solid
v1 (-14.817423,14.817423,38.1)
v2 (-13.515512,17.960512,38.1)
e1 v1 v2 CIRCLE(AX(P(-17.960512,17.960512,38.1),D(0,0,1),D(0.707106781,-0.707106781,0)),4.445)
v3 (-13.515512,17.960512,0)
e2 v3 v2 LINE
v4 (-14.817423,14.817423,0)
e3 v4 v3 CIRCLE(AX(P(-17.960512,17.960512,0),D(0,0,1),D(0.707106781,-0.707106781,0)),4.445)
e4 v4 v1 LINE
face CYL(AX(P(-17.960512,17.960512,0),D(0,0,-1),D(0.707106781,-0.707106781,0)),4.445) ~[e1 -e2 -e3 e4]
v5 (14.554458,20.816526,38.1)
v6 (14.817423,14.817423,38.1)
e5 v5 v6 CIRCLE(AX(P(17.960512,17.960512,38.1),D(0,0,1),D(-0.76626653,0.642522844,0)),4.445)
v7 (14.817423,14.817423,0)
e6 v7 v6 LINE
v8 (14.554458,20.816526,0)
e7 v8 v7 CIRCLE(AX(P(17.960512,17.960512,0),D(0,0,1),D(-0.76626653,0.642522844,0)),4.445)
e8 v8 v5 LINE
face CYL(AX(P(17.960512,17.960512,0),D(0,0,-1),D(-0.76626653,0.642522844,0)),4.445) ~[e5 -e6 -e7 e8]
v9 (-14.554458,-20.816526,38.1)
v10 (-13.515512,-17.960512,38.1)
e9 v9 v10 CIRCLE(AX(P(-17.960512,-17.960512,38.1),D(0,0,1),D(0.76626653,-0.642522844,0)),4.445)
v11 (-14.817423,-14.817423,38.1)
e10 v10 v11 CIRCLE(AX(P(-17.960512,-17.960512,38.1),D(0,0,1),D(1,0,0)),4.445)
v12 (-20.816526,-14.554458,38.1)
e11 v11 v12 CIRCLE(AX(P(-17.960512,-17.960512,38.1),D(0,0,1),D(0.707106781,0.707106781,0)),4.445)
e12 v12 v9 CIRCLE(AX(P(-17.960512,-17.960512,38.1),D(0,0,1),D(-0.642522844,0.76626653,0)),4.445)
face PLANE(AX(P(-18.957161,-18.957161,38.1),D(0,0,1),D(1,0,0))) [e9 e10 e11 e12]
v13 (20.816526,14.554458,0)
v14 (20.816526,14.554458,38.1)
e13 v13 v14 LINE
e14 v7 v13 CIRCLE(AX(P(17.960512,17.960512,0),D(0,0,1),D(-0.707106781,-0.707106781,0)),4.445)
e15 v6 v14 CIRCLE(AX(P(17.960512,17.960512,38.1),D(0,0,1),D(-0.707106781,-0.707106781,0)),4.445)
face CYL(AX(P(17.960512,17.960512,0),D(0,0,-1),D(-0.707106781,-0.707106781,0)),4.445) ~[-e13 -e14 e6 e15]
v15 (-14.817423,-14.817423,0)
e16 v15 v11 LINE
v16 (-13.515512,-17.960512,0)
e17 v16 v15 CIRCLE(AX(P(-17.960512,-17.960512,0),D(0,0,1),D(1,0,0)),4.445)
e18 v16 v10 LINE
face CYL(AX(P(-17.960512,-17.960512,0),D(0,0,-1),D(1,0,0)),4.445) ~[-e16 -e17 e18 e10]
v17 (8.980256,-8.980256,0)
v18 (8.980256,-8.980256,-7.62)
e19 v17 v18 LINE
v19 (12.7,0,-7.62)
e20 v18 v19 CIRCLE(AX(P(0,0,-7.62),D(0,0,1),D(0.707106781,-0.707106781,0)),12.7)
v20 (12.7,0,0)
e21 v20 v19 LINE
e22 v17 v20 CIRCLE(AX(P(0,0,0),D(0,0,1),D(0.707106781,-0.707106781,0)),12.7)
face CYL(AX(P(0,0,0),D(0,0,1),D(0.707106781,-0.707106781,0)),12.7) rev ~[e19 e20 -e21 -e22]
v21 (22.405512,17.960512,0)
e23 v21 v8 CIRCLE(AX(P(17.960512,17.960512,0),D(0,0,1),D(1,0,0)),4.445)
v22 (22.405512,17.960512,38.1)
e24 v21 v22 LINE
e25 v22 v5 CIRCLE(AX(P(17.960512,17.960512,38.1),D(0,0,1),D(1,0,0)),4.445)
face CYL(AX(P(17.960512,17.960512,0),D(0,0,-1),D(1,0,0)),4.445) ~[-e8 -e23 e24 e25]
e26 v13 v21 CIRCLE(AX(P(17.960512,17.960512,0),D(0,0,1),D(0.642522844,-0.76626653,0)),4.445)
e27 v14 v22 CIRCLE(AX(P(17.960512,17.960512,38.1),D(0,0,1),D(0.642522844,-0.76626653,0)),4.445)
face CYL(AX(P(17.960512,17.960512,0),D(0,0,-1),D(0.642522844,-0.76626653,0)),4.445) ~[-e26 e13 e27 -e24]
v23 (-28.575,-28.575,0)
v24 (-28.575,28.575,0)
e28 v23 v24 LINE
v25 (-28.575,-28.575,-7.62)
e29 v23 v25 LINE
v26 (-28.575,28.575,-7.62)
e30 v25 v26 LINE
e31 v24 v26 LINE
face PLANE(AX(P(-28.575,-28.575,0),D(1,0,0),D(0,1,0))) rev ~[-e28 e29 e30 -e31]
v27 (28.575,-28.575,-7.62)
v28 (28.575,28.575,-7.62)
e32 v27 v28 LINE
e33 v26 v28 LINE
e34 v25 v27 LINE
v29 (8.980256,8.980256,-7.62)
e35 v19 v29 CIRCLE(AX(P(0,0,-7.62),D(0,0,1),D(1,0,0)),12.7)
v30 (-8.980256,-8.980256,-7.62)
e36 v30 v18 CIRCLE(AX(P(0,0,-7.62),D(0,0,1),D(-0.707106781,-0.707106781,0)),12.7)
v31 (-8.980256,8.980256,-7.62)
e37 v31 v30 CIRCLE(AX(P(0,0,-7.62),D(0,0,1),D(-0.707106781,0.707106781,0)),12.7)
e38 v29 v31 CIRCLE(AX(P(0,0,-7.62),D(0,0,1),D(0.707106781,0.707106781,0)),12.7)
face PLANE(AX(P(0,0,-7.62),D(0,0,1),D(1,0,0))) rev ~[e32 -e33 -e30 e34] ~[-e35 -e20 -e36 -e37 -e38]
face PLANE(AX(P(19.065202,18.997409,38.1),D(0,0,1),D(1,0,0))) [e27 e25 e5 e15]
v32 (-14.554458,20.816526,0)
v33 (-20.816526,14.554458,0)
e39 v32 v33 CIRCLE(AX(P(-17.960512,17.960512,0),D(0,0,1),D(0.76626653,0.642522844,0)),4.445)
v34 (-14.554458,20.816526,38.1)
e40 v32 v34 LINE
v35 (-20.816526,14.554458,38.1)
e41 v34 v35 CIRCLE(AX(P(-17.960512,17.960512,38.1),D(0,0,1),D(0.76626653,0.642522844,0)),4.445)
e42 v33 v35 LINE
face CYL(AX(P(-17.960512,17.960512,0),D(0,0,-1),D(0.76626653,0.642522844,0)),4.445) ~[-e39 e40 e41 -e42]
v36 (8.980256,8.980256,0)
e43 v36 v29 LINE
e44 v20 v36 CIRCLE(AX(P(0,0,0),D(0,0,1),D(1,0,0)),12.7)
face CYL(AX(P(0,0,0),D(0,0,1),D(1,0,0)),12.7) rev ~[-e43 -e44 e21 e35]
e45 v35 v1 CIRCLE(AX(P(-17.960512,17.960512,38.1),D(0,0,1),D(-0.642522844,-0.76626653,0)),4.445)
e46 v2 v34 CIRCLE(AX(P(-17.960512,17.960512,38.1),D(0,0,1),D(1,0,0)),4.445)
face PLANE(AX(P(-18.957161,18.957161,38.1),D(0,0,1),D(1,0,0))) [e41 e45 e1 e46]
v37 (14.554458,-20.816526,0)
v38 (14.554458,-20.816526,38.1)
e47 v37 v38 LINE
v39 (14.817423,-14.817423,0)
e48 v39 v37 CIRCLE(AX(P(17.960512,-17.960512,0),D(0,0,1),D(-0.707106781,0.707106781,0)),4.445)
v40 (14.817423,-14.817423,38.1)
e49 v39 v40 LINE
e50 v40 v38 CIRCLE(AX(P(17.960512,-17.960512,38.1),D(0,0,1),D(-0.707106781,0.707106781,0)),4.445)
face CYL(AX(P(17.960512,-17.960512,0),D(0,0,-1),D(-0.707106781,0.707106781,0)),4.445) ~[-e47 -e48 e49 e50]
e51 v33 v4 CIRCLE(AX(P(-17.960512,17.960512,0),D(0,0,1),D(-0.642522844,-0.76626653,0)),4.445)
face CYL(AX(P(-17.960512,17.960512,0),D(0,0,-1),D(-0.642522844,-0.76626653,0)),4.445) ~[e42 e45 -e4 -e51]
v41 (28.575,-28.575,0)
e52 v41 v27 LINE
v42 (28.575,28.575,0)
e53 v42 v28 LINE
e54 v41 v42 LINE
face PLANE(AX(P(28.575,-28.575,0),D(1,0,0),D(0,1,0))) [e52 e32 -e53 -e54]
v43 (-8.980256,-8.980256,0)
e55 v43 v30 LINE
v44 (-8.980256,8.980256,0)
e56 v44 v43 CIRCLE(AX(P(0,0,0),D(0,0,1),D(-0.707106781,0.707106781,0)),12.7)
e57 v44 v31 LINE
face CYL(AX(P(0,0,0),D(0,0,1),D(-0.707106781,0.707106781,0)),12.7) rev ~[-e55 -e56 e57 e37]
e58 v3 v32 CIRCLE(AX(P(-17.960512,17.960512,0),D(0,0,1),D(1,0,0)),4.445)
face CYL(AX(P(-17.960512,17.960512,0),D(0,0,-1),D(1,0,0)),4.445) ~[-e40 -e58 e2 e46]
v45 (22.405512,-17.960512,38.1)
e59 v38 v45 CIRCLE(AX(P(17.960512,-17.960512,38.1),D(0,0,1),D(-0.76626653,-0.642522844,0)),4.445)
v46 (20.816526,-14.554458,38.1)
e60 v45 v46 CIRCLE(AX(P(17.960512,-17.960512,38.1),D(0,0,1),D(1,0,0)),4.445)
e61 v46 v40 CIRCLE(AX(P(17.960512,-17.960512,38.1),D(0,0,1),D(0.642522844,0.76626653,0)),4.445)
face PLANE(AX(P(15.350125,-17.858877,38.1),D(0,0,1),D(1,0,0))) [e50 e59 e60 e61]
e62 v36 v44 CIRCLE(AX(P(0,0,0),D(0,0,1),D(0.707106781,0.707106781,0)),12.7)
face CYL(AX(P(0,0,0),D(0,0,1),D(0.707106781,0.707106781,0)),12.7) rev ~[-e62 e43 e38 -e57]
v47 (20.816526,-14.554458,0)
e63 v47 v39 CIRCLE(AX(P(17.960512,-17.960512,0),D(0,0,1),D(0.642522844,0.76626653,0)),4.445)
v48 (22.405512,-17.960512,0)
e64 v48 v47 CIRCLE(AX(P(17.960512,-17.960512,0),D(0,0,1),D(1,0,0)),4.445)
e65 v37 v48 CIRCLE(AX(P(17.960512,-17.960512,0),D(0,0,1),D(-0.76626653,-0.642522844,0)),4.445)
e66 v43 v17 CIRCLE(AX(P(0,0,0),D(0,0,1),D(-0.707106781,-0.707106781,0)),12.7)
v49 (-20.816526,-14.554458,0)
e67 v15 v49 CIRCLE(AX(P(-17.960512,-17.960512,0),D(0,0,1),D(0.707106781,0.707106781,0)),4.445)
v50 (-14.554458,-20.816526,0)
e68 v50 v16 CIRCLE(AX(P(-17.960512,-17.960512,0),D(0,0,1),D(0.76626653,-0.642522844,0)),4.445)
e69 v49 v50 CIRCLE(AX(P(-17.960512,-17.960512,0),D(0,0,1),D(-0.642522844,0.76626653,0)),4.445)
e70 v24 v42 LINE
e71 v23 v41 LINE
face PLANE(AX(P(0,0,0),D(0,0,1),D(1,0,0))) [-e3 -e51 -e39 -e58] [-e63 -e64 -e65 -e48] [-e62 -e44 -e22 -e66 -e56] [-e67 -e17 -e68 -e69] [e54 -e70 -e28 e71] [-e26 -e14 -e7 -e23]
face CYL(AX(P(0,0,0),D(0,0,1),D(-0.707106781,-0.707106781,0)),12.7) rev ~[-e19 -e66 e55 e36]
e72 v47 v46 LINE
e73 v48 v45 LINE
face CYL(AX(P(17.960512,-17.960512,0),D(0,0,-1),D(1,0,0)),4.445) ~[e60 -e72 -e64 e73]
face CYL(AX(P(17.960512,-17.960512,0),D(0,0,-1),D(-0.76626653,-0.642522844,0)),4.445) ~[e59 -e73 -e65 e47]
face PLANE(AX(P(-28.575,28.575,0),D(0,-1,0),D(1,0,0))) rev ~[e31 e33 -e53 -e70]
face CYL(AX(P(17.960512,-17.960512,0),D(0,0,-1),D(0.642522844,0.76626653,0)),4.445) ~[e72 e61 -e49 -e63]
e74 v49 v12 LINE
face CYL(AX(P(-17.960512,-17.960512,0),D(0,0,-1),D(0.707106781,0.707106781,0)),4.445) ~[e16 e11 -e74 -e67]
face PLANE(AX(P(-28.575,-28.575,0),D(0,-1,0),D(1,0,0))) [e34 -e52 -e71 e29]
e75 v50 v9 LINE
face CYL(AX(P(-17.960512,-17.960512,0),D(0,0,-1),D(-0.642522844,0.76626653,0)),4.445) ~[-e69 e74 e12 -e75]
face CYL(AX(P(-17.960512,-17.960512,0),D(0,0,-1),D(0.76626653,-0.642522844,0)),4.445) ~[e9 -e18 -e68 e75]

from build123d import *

# Parameters (mm, degrees)
F0_W     = 57.15
F0_H     = 57.15
F1_DEPTH = 7.62
F2_DEPTH = 7.62
F3_DEPTH = 38.1


with BuildPart() as f1:
    # F0 (on Top) → F1 (new body)
    with BuildSketch(Plane.XY):
        Rectangle(F0_W, F0_H)
        with BuildLine():
            ThreePointArc((20.8165262819, 14.5544575149), (24.2270485982, 7.6295554405), (25.4, 0))
            ThreePointArc((25.4, 0), (24.2270485982, -7.6295554405), (20.8165262819, -14.5544575149))
            ThreePointArc((20.8165262819, -14.5544575149), (21.9887257051, -16.0812780107), (22.4055122421, -17.9605122421))
            ThreePointArc((22.4055122421, -17.9605122421), (19.4800700294, -22.1377085664), (14.5544575149, -20.8165262819))
            ThreePointArc((14.5544575149, -20.8165262819), (0, -25.4), (-14.5544575149, -20.8165262819))
            ThreePointArc((-14.5544575149, -20.8165262819), (-21.1036018845, -21.1036018845), (-20.8165262819, -14.5544575149))
            ThreePointArc((-20.8165262819, -14.5544575149), (-25.4, 0), (-20.8165262819, 14.5544575149))
            ThreePointArc((-20.8165262819, 14.5544575149), (-21.1036018845, 21.1036018845), (-14.5544575149, 20.8165262819))
            ThreePointArc((-14.5544575149, 20.8165262819), (0, 25.4), (14.5544575149, 20.8165262819))
            ThreePointArc((14.5544575149, 20.8165262819), (19.4800700294, 22.1377085664), (22.4055122421, 17.9605122421))
            ThreePointArc((22.4055122421, 17.9605122421), (21.9887257051, 16.0812780107), (20.8165262819, 14.5544575149))
        make_face(mode=Mode.SUBTRACT)
        with BuildLine():
            ThreePointArc((-8.9802561211, -8.9802561211), (-12.7, 0), (-8.9802561211, 8.9802561211))
            Line((-8.9802561211, 8.9802561211), (-14.8174225998, 14.8174225998))
            ThreePointArc((-14.8174225998, 14.8174225998), (-17.7658567532, 13.5197764652), (-20.8165262819, 14.5544575149))
            ThreePointArc((-20.8165262819, 14.5544575149), (-25.4, 0), (-20.8165262819, -14.5544575149))
            ThreePointArc((-20.8165262819, -14.5544575149), (-17.7658567532, -13.5197764652), (-14.8174225998, -14.8174225998))
            Line((-14.8174225998, -14.8174225998), (-8.9802561211, -8.9802561211))
        make_face()
        with BuildLine():
            ThreePointArc((14.5544575149, -20.8165262819), (13.5197764652, -17.7658567532), (14.8174225998, -14.8174225998))
            Line((14.8174225998, -14.8174225998), (8.9802561211, -8.9802561211))
            ThreePointArc((8.9802561211, -8.9802561211), (0, -12.7), (-8.9802561211, -8.9802561211))
            Line((-8.9802561211, -8.9802561211), (-14.8174225998, -14.8174225998))
            ThreePointArc((-14.8174225998, -14.8174225998), (-13.8538677201, -16.2594843853), (-13.5155122421, -17.9605122421))
            ThreePointArc((-13.5155122421, -17.9605122421), (-13.7833159179, -19.4800700294), (-14.5544575149, -20.8165262819))
            ThreePointArc((-14.5544575149, -20.8165262819), (0, -25.4), (14.5544575149, -20.8165262819))
        make_face()
        with BuildLine():
            ThreePointArc((20.8165262819, -14.5544575149), (24.2270485982, -7.6295554405), (25.4, 0))
            ThreePointArc((25.4, 0), (24.2270485982, 7.6295554405), (20.8165262819, 14.5544575149))
            ThreePointArc((20.8165262819, 14.5544575149), (17.7658567532, 13.5197764652), (14.8174225998, 14.8174225998))
            Line((14.8174225998, 14.8174225998), (8.9802561211, 8.9802561211))
            ThreePointArc((8.9802561211, 8.9802561211), (11.7332700629, 4.860079591), (12.7, 0))
            ThreePointArc((12.7, 0), (11.7332700629, -4.860079591), (8.9802561211, -8.9802561211))
            Line((8.9802561211, -8.9802561211), (14.8174225998, -14.8174225998))
            ThreePointArc((14.8174225998, -14.8174225998), (17.7658567532, -13.5197764652), (20.8165262819, -14.5544575149))
        make_face()
        with BuildLine():
            Line((8.9802561211, 8.9802561211), (14.8174225998, 14.8174225998))
            ThreePointArc((14.8174225998, 14.8174225998), (13.5197764652, 17.7658567532), (14.5544575149, 20.8165262819))
            ThreePointArc((14.5544575149, 20.8165262819), (0, 25.4), (-14.5544575149, 20.8165262819))
            ThreePointArc((-14.5544575149, 20.8165262819), (-13.7833159179, 19.4800700294), (-13.5155122421, 17.9605122421))
            ThreePointArc((-13.5155122421, 17.9605122421), (-13.8538677201, 16.2594843853), (-14.8174225998, 14.8174225998))
            Line((-14.8174225998, 14.8174225998), (-8.9802561211, 8.9802561211))
            ThreePointArc((-8.9802561211, 8.9802561211), (0, 12.7), (8.9802561211, 8.9802561211))
        make_face()
        with BuildLine():
            Line((0, 0), (8.9802561211, 8.9802561211))
            ThreePointArc((8.9802561211, 8.9802561211), (0, 12.7), (-8.9802561211, 8.9802561211))
            Line((-8.9802561211, 8.9802561211), (0, 0))
        make_face()
        with BuildLine():
            ThreePointArc((12.7, 0), (11.7332700629, 4.860079591), (8.9802561211, 8.9802561211))
            Line((8.9802561211, 8.9802561211), (0, 0))
            Line((0, 0), (8.9802561211, -8.9802561211))
            ThreePointArc((8.9802561211, -8.9802561211), (11.7332700629, -4.860079591), (12.7, 0))
        make_face()
        with BuildLine():
            ThreePointArc((-8.9802561211, -8.9802561211), (0, -12.7), (8.9802561211, -8.9802561211))
            Line((8.9802561211, -8.9802561211), (0, 0))
            Line((0, 0), (-8.9802561211, -8.9802561211))
        make_face()
        with BuildLine():
            Line((-8.9802561211, -8.9802561211), (0, 0))
            Line((0, 0), (-8.9802561211, 8.9802561211))
            ThreePointArc((-8.9802561211, 8.9802561211), (-12.7, 0), (-8.9802561211, -8.9802561211))
        make_face()
        with BuildLine():
            ThreePointArc((-20.8165262819, -14.5544575149), (-21.1036018845, -21.1036018845), (-14.5544575149, -20.8165262819))
            ThreePointArc((-14.5544575149, -20.8165262819), (-16.3200802273, -19.4631698697), (-17.9605122421, -17.9605122421))
            ThreePointArc((-17.9605122421, -17.9605122421), (-19.4631698697, -16.3200802273), (-20.8165262819, -14.5544575149))
        make_face()
        with BuildLine():
            ThreePointArc((22.4055122421, -17.9605122421), (21.9887257051, -16.0812780107), (20.8165262819, -14.5544575149))
            ThreePointArc((20.8165262819, -14.5544575149), (19.4631698697, -16.3200802273), (17.9605122421, -17.9605122421))
            ThreePointArc((17.9605122421, -17.9605122421), (16.3200802273, -19.4631698697), (14.5544575149, -20.8165262819))
            ThreePointArc((14.5544575149, -20.8165262819), (19.4800700294, -22.1377085664), (22.4055122421, -17.9605122421))
        make_face()
        with BuildLine():
            ThreePointArc((17.9605122421, 17.9605122421), (19.4631698697, 16.3200802273), (20.8165262819, 14.5544575149))
            ThreePointArc((20.8165262819, 14.5544575149), (21.9887257051, 16.0812780107), (22.4055122421, 17.9605122421))
            ThreePointArc((22.4055122421, 17.9605122421), (19.4800700294, 22.1377085664), (14.5544575149, 20.8165262819))
            ThreePointArc((14.5544575149, 20.8165262819), (16.3200802273, 19.4631698697), (17.9605122421, 17.9605122421))
        make_face()
        with BuildLine():
            ThreePointArc((-17.9605122421, 17.9605122421), (-16.3200802273, 19.4631698697), (-14.5544575149, 20.8165262819))
            ThreePointArc((-14.5544575149, 20.8165262819), (-21.1036018845, 21.1036018845), (-20.8165262819, 14.5544575149))
            ThreePointArc((-20.8165262819, 14.5544575149), (-19.4631698697, 16.3200802273), (-17.9605122421, 17.9605122421))
        make_face()
        with BuildLine():
            ThreePointArc((-17.9605122421, -17.9605122421), (-16.3200802273, -19.4631698697), (-14.5544575149, -20.8165262819))
            ThreePointArc((-14.5544575149, -20.8165262819), (-13.7833159179, -19.4800700294), (-13.5155122421, -17.9605122421))
            ThreePointArc((-13.5155122421, -17.9605122421), (-13.8538677201, -16.2594843853), (-14.8174225998, -14.8174225998))
            Line((-14.8174225998, -14.8174225998), (-17.9605122421, -17.9605122421))
        make_face()
        with BuildLine():
            ThreePointArc((-20.8165262819, -14.5544575149), (-19.4631698697, -16.3200802273), (-17.9605122421, -17.9605122421))
            Line((-17.9605122421, -17.9605122421), (-14.8174225998, -14.8174225998))
            ThreePointArc((-14.8174225998, -14.8174225998), (-17.7658567532, -13.5197764652), (-20.8165262819, -14.5544575149))
        make_face()
        with BuildLine():
            ThreePointArc((14.5544575149, -20.8165262819), (16.3200802273, -19.4631698697), (17.9605122421, -17.9605122421))
            Line((17.9605122421, -17.9605122421), (14.8174225998, -14.8174225998))
            ThreePointArc((14.8174225998, -14.8174225998), (13.5197764652, -17.7658567532), (14.5544575149, -20.8165262819))
        make_face()
        with BuildLine():
            ThreePointArc((17.9605122421, -17.9605122421), (19.4631698697, -16.3200802273), (20.8165262819, -14.5544575149))
            ThreePointArc((20.8165262819, -14.5544575149), (17.7658567532, -13.5197764652), (14.8174225998, -14.8174225998))
            Line((14.8174225998, -14.8174225998), (17.9605122421, -17.9605122421))
        make_face()
        with BuildLine():
            ThreePointArc((14.8174225998, 14.8174225998), (17.7658567532, 13.5197764652), (20.8165262819, 14.5544575149))
            ThreePointArc((20.8165262819, 14.5544575149), (19.4631698697, 16.3200802273), (17.9605122421, 17.9605122421))
            Line((17.9605122421, 17.9605122421), (14.8174225998, 14.8174225998))
        make_face()
        with BuildLine():
            Line((14.8174225998, 14.8174225998), (17.9605122421, 17.9605122421))
            ThreePointArc((17.9605122421, 17.9605122421), (16.3200802273, 19.4631698697), (14.5544575149, 20.8165262819))
            ThreePointArc((14.5544575149, 20.8165262819), (13.5197764652, 17.7658567532), (14.8174225998, 14.8174225998))
        make_face()
        with BuildLine():
            ThreePointArc((-13.5155122421, 17.9605122421), (-13.7833159179, 19.4800700294), (-14.5544575149, 20.8165262819))
            ThreePointArc((-14.5544575149, 20.8165262819), (-16.3200802273, 19.4631698697), (-17.9605122421, 17.9605122421))
            Line((-17.9605122421, 17.9605122421), (-14.8174225998, 14.8174225998))
            ThreePointArc((-14.8174225998, 14.8174225998), (-13.8538677201, 16.2594843853), (-13.5155122421, 17.9605122421))
        make_face()
        with BuildLine():
            Line((-14.8174225998, 14.8174225998), (-17.9605122421, 17.9605122421))
            ThreePointArc((-17.9605122421, 17.9605122421), (-19.4631698697, 16.3200802273), (-20.8165262819, 14.5544575149))
            ThreePointArc((-20.8165262819, 14.5544575149), (-17.7658567532, 13.5197764652), (-14.8174225998, 14.8174225998))
        make_face()
    extrude(amount=-F1_DEPTH)

    # F0 (on Top) → F2 (cut)
    with BuildSketch(Plane.XY):
        with BuildLine():
            ThreePointArc((-8.9802561211, -8.9802561211), (0, -12.7), (8.9802561211, -8.9802561211))
            Line((8.9802561211, -8.9802561211), (0, 0))
            Line((0, 0), (-8.9802561211, -8.9802561211))
        make_face()
        with BuildLine():
            ThreePointArc((12.7, 0), (11.7332700629, 4.860079591), (8.9802561211, 8.9802561211))
            Line((8.9802561211, 8.9802561211), (0, 0))
            Line((0, 0), (8.9802561211, -8.9802561211))
            ThreePointArc((8.9802561211, -8.9802561211), (11.7332700629, -4.860079591), (12.7, 0))
        make_face()
        with BuildLine():
            Line((0, 0), (8.9802561211, 8.9802561211))
            ThreePointArc((8.9802561211, 8.9802561211), (0, 12.7), (-8.9802561211, 8.9802561211))
            Line((-8.9802561211, 8.9802561211), (0, 0))
        make_face()
        with BuildLine():
            Line((-8.9802561211, -8.9802561211), (0, 0))
            Line((0, 0), (-8.9802561211, 8.9802561211))
            ThreePointArc((-8.9802561211, 8.9802561211), (-12.7, 0), (-8.9802561211, -8.9802561211))
        make_face()
    extrude(amount=-F2_DEPTH, mode=Mode.SUBTRACT)

    # F0 (on Top) → F3 (join)
    with BuildSketch(Plane.XY):
        with BuildLine():
            ThreePointArc((-20.8165262819, -14.5544575149), (-21.1036018845, -21.1036018845), (-14.5544575149, -20.8165262819))
            ThreePointArc((-14.5544575149, -20.8165262819), (-16.3200802273, -19.4631698697), (-17.9605122421, -17.9605122421))
            ThreePointArc((-17.9605122421, -17.9605122421), (-19.4631698697, -16.3200802273), (-20.8165262819, -14.5544575149))
        make_face()
        with BuildLine():
            ThreePointArc((-20.8165262819, -14.5544575149), (-19.4631698697, -16.3200802273), (-17.9605122421, -17.9605122421))
            Line((-17.9605122421, -17.9605122421), (-14.8174225998, -14.8174225998))
            ThreePointArc((-14.8174225998, -14.8174225998), (-17.7658567532, -13.5197764652), (-20.8165262819, -14.5544575149))
        make_face()
        with BuildLine():
            ThreePointArc((-17.9605122421, -17.9605122421), (-16.3200802273, -19.4631698697), (-14.5544575149, -20.8165262819))
            ThreePointArc((-14.5544575149, -20.8165262819), (-13.7833159179, -19.4800700294), (-13.5155122421, -17.9605122421))
            ThreePointArc((-13.5155122421, -17.9605122421), (-13.8538677201, -16.2594843853), (-14.8174225998, -14.8174225998))
            Line((-14.8174225998, -14.8174225998), (-17.9605122421, -17.9605122421))
        make_face()
        with BuildLine():
            ThreePointArc((14.5544575149, -20.8165262819), (16.3200802273, -19.4631698697), (17.9605122421, -17.9605122421))
            Line((17.9605122421, -17.9605122421), (14.8174225998, -14.8174225998))
            ThreePointArc((14.8174225998, -14.8174225998), (13.5197764652, -17.7658567532), (14.5544575149, -20.8165262819))
        make_face()
        with BuildLine():
            ThreePointArc((17.9605122421, -17.9605122421), (19.4631698697, -16.3200802273), (20.8165262819, -14.5544575149))
            ThreePointArc((20.8165262819, -14.5544575149), (17.7658567532, -13.5197764652), (14.8174225998, -14.8174225998))
            Line((14.8174225998, -14.8174225998), (17.9605122421, -17.9605122421))
        make_face()
        with BuildLine():
            ThreePointArc((22.4055122421, -17.9605122421), (21.9887257051, -16.0812780107), (20.8165262819, -14.5544575149))
            ThreePointArc((20.8165262819, -14.5544575149), (19.4631698697, -16.3200802273), (17.9605122421, -17.9605122421))
            ThreePointArc((17.9605122421, -17.9605122421), (16.3200802273, -19.4631698697), (14.5544575149, -20.8165262819))
            ThreePointArc((14.5544575149, -20.8165262819), (19.4800700294, -22.1377085664), (22.4055122421, -17.9605122421))
        make_face()
        with BuildLine():
            ThreePointArc((17.9605122421, 17.9605122421), (19.4631698697, 16.3200802273), (20.8165262819, 14.5544575149))
            ThreePointArc((20.8165262819, 14.5544575149), (21.9887257051, 16.0812780107), (22.4055122421, 17.9605122421))
            ThreePointArc((22.4055122421, 17.9605122421), (19.4800700294, 22.1377085664), (14.5544575149, 20.8165262819))
            ThreePointArc((14.5544575149, 20.8165262819), (16.3200802273, 19.4631698697), (17.9605122421, 17.9605122421))
        make_face()
        with BuildLine():
            ThreePointArc((14.8174225998, 14.8174225998), (17.7658567532, 13.5197764652), (20.8165262819, 14.5544575149))
            ThreePointArc((20.8165262819, 14.5544575149), (19.4631698697, 16.3200802273), (17.9605122421, 17.9605122421))
            Line((17.9605122421, 17.9605122421), (14.8174225998, 14.8174225998))
        make_face()
        with BuildLine():
            Line((14.8174225998, 14.8174225998), (17.9605122421, 17.9605122421))
            ThreePointArc((17.9605122421, 17.9605122421), (16.3200802273, 19.4631698697), (14.5544575149, 20.8165262819))
            ThreePointArc((14.5544575149, 20.8165262819), (13.5197764652, 17.7658567532), (14.8174225998, 14.8174225998))
        make_face()
        with BuildLine():
            ThreePointArc((-17.9605122421, 17.9605122421), (-16.3200802273, 19.4631698697), (-14.5544575149, 20.8165262819))
            ThreePointArc((-14.5544575149, 20.8165262819), (-21.1036018845, 21.1036018845), (-20.8165262819, 14.5544575149))
            ThreePointArc((-20.8165262819, 14.5544575149), (-19.4631698697, 16.3200802273), (-17.9605122421, 17.9605122421))
        make_face()
        with BuildLine():
            ThreePointArc((-13.5155122421, 17.9605122421), (-13.7833159179, 19.4800700294), (-14.5544575149, 20.8165262819))
            ThreePointArc((-14.5544575149, 20.8165262819), (-16.3200802273, 19.4631698697), (-17.9605122421, 17.9605122421))
            Line((-17.9605122421, 17.9605122421), (-14.8174225998, 14.8174225998))
            ThreePointArc((-14.8174225998, 14.8174225998), (-13.8538677201, 16.2594843853), (-13.5155122421, 17.9605122421))
        make_face()
        with BuildLine():
            Line((-14.8174225998, 14.8174225998), (-17.9605122421, 17.9605122421))
            ThreePointArc((-17.9605122421, 17.9605122421), (-19.4631698697, 16.3200802273), (-20.8165262819, 14.5544575149))
            ThreePointArc((-20.8165262819, 14.5544575149), (-17.7658567532, 13.5197764652), (-14.8174225998, 14.8174225998))
        make_face()
    extrude(amount=F3_DEPTH)


solid = f1.part
